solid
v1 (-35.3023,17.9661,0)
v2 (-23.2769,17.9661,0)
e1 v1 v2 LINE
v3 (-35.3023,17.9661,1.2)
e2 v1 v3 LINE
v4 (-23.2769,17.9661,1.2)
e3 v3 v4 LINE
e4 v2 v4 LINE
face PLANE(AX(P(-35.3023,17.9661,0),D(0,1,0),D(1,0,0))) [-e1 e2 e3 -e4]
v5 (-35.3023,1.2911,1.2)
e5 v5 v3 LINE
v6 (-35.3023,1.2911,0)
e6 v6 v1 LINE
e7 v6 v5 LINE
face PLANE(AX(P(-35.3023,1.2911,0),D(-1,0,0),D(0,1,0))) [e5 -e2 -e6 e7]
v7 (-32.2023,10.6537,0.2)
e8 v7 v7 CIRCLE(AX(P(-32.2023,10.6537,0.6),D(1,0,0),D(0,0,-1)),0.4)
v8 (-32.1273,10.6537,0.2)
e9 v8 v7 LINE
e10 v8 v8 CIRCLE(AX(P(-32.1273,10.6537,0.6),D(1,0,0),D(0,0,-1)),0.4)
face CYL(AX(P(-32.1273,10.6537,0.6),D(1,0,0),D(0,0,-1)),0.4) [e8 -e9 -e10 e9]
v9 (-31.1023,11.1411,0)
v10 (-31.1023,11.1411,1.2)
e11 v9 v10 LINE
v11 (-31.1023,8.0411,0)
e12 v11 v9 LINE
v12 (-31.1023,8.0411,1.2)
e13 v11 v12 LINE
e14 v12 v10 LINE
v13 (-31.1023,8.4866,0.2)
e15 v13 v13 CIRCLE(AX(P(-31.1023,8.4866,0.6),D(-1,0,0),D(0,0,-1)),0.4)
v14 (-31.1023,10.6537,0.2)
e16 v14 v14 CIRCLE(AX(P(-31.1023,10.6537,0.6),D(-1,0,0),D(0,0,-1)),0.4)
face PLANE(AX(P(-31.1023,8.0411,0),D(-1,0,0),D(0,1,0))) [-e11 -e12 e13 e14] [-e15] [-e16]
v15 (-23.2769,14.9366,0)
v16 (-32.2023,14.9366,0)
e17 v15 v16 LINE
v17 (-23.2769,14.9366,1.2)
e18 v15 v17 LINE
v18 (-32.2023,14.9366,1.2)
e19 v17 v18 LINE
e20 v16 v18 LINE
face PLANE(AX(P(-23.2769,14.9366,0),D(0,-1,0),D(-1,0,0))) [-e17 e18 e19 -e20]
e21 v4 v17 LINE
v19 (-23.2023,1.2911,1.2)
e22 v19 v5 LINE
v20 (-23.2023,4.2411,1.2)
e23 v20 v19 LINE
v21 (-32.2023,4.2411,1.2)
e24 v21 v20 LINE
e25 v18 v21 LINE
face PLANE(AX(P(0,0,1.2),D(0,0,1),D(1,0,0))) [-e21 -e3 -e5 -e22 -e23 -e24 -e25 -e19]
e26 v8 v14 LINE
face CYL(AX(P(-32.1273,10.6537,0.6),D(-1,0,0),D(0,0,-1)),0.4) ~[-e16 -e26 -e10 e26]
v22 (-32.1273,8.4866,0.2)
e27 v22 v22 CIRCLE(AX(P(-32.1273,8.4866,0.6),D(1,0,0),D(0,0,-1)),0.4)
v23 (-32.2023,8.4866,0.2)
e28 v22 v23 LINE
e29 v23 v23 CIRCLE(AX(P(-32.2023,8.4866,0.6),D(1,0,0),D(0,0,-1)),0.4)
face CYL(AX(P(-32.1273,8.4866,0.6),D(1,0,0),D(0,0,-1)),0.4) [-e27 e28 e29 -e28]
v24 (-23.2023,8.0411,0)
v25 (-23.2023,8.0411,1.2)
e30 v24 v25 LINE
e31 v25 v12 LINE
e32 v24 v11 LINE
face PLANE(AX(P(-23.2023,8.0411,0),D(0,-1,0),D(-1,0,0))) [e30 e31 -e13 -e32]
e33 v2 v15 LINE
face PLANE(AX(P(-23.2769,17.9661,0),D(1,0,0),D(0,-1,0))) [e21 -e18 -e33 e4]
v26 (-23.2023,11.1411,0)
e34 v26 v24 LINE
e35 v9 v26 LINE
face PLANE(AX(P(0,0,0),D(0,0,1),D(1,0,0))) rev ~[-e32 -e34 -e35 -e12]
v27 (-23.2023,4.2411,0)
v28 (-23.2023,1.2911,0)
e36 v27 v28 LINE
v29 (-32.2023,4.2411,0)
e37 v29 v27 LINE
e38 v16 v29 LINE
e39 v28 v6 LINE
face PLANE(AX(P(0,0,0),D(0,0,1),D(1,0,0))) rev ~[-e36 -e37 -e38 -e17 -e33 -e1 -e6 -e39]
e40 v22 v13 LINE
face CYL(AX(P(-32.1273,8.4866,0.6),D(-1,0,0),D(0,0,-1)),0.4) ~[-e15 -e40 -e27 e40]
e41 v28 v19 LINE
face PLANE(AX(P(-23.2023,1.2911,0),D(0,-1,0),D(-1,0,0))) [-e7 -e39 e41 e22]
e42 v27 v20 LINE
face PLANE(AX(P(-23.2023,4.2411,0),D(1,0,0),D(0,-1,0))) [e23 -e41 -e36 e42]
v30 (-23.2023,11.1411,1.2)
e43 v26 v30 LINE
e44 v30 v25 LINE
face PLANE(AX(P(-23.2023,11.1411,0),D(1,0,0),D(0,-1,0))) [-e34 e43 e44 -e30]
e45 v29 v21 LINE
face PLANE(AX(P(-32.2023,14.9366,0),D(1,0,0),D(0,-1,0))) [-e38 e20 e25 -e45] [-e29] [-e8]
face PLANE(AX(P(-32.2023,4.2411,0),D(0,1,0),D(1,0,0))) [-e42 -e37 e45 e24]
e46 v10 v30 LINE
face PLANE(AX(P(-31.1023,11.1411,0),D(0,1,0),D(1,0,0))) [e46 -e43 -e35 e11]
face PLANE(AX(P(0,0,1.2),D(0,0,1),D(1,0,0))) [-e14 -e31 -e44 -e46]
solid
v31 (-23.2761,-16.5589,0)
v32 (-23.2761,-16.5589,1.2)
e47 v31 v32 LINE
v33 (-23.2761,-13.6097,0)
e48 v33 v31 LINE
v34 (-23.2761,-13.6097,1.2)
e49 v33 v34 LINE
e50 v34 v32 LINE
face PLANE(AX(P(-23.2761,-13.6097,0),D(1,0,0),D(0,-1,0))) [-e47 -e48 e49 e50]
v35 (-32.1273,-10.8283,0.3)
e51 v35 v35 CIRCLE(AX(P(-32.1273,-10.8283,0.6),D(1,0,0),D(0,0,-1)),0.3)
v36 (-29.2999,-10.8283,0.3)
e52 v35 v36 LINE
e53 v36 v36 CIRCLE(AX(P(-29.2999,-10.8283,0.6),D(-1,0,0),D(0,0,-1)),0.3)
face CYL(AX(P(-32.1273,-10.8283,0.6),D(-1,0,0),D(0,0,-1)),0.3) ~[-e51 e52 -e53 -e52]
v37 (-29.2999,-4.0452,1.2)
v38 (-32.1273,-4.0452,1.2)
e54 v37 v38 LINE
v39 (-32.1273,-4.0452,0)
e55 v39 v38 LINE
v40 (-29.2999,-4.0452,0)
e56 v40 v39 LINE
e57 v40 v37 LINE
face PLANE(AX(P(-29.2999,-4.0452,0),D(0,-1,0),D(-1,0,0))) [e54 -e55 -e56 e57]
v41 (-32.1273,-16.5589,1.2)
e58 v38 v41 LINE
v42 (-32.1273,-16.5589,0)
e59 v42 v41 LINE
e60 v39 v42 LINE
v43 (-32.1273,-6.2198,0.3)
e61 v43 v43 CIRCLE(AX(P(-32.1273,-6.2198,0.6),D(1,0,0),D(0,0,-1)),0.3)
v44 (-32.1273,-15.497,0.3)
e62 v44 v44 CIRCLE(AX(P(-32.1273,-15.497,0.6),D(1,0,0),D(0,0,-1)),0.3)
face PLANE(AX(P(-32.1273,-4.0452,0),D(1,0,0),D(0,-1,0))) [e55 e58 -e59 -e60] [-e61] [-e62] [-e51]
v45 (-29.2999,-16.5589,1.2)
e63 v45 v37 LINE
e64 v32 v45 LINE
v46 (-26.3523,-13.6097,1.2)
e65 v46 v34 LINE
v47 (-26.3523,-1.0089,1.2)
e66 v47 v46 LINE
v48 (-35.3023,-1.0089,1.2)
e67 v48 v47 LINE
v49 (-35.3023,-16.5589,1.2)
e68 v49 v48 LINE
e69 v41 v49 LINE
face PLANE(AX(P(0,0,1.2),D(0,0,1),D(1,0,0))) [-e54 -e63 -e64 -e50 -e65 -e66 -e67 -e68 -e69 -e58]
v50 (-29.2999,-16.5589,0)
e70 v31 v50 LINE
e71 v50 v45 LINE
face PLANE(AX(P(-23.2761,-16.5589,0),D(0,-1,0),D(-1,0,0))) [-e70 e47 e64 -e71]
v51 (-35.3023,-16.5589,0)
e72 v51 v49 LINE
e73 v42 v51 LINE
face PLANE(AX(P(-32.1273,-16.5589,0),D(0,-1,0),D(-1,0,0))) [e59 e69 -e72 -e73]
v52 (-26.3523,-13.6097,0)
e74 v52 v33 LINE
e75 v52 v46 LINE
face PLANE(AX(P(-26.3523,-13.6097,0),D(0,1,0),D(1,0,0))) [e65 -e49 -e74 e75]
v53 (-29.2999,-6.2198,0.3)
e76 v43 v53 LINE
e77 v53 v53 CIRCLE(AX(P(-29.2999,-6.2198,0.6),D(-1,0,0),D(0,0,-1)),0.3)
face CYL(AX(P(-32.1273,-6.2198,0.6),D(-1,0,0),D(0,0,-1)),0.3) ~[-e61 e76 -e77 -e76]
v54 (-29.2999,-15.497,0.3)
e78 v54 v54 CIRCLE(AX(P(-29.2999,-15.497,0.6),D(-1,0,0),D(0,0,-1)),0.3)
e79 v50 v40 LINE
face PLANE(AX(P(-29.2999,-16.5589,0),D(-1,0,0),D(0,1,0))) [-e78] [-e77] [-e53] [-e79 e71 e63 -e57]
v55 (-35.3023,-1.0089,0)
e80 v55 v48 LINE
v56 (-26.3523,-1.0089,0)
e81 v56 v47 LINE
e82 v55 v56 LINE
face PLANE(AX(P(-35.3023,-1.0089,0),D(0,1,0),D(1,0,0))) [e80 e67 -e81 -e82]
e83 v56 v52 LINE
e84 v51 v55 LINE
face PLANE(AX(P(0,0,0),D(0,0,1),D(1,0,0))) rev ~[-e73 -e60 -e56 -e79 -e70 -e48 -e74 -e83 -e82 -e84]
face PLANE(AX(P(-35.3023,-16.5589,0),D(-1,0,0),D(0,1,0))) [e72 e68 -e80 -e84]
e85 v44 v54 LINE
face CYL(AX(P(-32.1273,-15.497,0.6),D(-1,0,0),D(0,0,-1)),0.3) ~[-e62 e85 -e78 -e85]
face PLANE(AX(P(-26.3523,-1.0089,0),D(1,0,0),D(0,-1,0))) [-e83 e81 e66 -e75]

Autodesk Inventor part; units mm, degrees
ref_plane "YZ Plane" through (0, 0, 0) normal (1, 0, 0) x (0, 1, 0)
ref_plane "XZ Plane" through (0, 0, 0) normal (0, 1, 0) x (-1, 0, 0)
ref_plane "XY Plane" through (0, 0, 0) normal (0, 0, 1) x (1, 0, 0)
sketch "Sketch1" plane through (0, 0, 0) normal (0, 0, 1) x (1, 0, 0)
  line L0 (-26.5523, -13.8097) -> (-23.4761, -13.8097) construction
  line L1 (-26.5523, -1.2089) -> (-26.5523, -13.8097) construction
  line L2 (-35.1023, -1.2089) -> (-26.5523, -1.2089) construction
  line L3 (-35.1023, -16.3589) -> (-35.1023, -1.2089) construction
  line L4 (-32.3273, -16.3589) -> (-35.1023, -16.3589) construction
  line L5 (-32.3273, -3.8452) -> (-32.3273, -16.3589) construction
  line L6 (-29.0999, -3.8452) -> (-32.3273, -3.8452) construction
  line L7 (-29.0999, -16.3589) -> (-29.0999, -3.8452) construction
  line L8 (-23.4761, -16.3589) -> (-29.0999, -16.3589) construction
  line L9 (-23.4761, -13.8097) -> (-23.4761, -16.3589) construction
  line L10 (-32.4023, 4.0411) -> (-23.4023, 4.0411) construction
  line L11 (-32.4023, 15.1366) -> (-32.4023, 4.0411) construction
  line L12 (-23.4769, 15.1366) -> (-32.4023, 15.1366) construction
  line L13 (-23.4769, 17.7661) -> (-23.4769, 15.1366) construction
  line L14 (-35.1023, 17.7661) -> (-23.4769, 17.7661) construction
  line L15 (-35.1023, 1.4911) -> (-35.1023, 17.7661) construction
  line L16 (-23.4023, 1.4911) -> (-35.1023, 1.4911) construction
  line L17 (-23.4023, 4.0411) -> (-23.4023, 1.4911) construction
  line L18 (-30.9023, 8.2411) -> (-30.9023, 10.9411) construction
  line L19 (-23.4023, 8.2411) -> (-30.9023, 8.2411) construction
  line L20 (-23.4023, 10.9411) -> (-23.4023, 8.2411) construction
  line L21 (-30.9023, 10.9411) -> (-23.4023, 10.9411) construction
  line L22 (-23.2769, 17.9661) -> (-23.2769, 14.9366)
  line L23 (-23.2769, 14.9366) -> (-32.2023, 14.9366)
  line L24 (-32.2023, 14.9366) -> (-32.2023, 4.2411)
  line L25 (-32.2023, 4.2411) -> (-23.2023, 4.2411)
  line L26 (-23.2023, 4.2411) -> (-23.2023, 1.2911)
  line L27 (-23.2023, 1.2911) -> (-35.3023, 1.2911)
  line L28 (-35.3023, 1.2911) -> (-35.3023, 17.9661)
  line L29 (-35.3023, 17.9661) -> (-23.2769, 17.9661)
  line L30 (-23.2023, 11.1411) -> (-23.2023, 8.0411)
  line L31 (-23.2023, 8.0411) -> (-31.1023, 8.0411)
  line L32 (-31.1023, 8.0411) -> (-31.1023, 11.1411)
  line L33 (-31.1023, 11.1411) -> (-23.2023, 11.1411)
  line L34 (-29.2999, -4.0452) -> (-32.1273, -4.0452)
  line L35 (-32.1273, -4.0452) -> (-32.1273, -16.5589)
  line L36 (-32.1273, -16.5589) -> (-35.3023, -16.5589)
  line L37 (-35.3023, -16.5589) -> (-35.3023, -1.0089)
  line L38 (-35.3023, -1.0089) -> (-26.3523, -1.0089)
  line L39 (-26.3523, -1.0089) -> (-26.3523, -13.6097)
  line L40 (-26.3523, -13.6097) -> (-23.2761, -13.6097)
  line L41 (-23.2761, -13.6097) -> (-23.2761, -16.5589)
  line L42 (-23.2761, -16.5589) -> (-29.2999, -16.5589)
  line L43 (-29.2999, -16.5589) -> (-29.2999, -4.0452)
  point P0 (0, 0)
  dimension "d2" = 0.2
  dimension "d3" = 0.2
  dimension "d4" = 0.2
extrude "Extrusion1" add sketch "Sketch1" along normal blind 1.2
sketch "Sketch2" plane through (-32.1273, -16.5589, 0) normal (1, 0, 0) x (0, 0, -1)
  line L0 (0, 0) -> (0, 12.5137) projected
  line L1 (0, 12.5137) -> (-1.2, 12.5137) projected
  line L2 (-1.2, 0) -> (-1.2, 12.5137) projected
  line L3 (0, 0) -> (-1.2, 0) projected
  line L4 (0, 24.6) -> (0, 27.7) projected
  line L5 (0, 27.7) -> (-1.2, 27.7) projected
  line L6 (-1.2, 24.6) -> (-1.2, 27.7) projected
  line L7 (0, 24.6) -> (-1.2, 24.6) projected
  circle A0 centre (-0.6, 1.0619) radius 0.3
  circle A1 centre (-0.6, 10.3391) radius 0.3
  circle A2 centre (-0.6, 5.7306) radius 0.3
  circle A3 centre (-0.6, 27.2126) radius 0.4
  circle A4 centre (-0.6, 25.0455) radius 0.4
  point P0 (0, 16.5589)
  dimension "d5" = 0.6
  dimension "d6" = 0.6
  dimension "d7" = 0.6
  dimension "d8" = 0.8
  dimension "d9" = 0.8
extrude "Extrusion2" add sketch "Sketch2" along normal blind 4 and the other way blind 2 contours A0 | A1 | A2 | A3 | A4
properties part number "ROBOILO LOGO"
